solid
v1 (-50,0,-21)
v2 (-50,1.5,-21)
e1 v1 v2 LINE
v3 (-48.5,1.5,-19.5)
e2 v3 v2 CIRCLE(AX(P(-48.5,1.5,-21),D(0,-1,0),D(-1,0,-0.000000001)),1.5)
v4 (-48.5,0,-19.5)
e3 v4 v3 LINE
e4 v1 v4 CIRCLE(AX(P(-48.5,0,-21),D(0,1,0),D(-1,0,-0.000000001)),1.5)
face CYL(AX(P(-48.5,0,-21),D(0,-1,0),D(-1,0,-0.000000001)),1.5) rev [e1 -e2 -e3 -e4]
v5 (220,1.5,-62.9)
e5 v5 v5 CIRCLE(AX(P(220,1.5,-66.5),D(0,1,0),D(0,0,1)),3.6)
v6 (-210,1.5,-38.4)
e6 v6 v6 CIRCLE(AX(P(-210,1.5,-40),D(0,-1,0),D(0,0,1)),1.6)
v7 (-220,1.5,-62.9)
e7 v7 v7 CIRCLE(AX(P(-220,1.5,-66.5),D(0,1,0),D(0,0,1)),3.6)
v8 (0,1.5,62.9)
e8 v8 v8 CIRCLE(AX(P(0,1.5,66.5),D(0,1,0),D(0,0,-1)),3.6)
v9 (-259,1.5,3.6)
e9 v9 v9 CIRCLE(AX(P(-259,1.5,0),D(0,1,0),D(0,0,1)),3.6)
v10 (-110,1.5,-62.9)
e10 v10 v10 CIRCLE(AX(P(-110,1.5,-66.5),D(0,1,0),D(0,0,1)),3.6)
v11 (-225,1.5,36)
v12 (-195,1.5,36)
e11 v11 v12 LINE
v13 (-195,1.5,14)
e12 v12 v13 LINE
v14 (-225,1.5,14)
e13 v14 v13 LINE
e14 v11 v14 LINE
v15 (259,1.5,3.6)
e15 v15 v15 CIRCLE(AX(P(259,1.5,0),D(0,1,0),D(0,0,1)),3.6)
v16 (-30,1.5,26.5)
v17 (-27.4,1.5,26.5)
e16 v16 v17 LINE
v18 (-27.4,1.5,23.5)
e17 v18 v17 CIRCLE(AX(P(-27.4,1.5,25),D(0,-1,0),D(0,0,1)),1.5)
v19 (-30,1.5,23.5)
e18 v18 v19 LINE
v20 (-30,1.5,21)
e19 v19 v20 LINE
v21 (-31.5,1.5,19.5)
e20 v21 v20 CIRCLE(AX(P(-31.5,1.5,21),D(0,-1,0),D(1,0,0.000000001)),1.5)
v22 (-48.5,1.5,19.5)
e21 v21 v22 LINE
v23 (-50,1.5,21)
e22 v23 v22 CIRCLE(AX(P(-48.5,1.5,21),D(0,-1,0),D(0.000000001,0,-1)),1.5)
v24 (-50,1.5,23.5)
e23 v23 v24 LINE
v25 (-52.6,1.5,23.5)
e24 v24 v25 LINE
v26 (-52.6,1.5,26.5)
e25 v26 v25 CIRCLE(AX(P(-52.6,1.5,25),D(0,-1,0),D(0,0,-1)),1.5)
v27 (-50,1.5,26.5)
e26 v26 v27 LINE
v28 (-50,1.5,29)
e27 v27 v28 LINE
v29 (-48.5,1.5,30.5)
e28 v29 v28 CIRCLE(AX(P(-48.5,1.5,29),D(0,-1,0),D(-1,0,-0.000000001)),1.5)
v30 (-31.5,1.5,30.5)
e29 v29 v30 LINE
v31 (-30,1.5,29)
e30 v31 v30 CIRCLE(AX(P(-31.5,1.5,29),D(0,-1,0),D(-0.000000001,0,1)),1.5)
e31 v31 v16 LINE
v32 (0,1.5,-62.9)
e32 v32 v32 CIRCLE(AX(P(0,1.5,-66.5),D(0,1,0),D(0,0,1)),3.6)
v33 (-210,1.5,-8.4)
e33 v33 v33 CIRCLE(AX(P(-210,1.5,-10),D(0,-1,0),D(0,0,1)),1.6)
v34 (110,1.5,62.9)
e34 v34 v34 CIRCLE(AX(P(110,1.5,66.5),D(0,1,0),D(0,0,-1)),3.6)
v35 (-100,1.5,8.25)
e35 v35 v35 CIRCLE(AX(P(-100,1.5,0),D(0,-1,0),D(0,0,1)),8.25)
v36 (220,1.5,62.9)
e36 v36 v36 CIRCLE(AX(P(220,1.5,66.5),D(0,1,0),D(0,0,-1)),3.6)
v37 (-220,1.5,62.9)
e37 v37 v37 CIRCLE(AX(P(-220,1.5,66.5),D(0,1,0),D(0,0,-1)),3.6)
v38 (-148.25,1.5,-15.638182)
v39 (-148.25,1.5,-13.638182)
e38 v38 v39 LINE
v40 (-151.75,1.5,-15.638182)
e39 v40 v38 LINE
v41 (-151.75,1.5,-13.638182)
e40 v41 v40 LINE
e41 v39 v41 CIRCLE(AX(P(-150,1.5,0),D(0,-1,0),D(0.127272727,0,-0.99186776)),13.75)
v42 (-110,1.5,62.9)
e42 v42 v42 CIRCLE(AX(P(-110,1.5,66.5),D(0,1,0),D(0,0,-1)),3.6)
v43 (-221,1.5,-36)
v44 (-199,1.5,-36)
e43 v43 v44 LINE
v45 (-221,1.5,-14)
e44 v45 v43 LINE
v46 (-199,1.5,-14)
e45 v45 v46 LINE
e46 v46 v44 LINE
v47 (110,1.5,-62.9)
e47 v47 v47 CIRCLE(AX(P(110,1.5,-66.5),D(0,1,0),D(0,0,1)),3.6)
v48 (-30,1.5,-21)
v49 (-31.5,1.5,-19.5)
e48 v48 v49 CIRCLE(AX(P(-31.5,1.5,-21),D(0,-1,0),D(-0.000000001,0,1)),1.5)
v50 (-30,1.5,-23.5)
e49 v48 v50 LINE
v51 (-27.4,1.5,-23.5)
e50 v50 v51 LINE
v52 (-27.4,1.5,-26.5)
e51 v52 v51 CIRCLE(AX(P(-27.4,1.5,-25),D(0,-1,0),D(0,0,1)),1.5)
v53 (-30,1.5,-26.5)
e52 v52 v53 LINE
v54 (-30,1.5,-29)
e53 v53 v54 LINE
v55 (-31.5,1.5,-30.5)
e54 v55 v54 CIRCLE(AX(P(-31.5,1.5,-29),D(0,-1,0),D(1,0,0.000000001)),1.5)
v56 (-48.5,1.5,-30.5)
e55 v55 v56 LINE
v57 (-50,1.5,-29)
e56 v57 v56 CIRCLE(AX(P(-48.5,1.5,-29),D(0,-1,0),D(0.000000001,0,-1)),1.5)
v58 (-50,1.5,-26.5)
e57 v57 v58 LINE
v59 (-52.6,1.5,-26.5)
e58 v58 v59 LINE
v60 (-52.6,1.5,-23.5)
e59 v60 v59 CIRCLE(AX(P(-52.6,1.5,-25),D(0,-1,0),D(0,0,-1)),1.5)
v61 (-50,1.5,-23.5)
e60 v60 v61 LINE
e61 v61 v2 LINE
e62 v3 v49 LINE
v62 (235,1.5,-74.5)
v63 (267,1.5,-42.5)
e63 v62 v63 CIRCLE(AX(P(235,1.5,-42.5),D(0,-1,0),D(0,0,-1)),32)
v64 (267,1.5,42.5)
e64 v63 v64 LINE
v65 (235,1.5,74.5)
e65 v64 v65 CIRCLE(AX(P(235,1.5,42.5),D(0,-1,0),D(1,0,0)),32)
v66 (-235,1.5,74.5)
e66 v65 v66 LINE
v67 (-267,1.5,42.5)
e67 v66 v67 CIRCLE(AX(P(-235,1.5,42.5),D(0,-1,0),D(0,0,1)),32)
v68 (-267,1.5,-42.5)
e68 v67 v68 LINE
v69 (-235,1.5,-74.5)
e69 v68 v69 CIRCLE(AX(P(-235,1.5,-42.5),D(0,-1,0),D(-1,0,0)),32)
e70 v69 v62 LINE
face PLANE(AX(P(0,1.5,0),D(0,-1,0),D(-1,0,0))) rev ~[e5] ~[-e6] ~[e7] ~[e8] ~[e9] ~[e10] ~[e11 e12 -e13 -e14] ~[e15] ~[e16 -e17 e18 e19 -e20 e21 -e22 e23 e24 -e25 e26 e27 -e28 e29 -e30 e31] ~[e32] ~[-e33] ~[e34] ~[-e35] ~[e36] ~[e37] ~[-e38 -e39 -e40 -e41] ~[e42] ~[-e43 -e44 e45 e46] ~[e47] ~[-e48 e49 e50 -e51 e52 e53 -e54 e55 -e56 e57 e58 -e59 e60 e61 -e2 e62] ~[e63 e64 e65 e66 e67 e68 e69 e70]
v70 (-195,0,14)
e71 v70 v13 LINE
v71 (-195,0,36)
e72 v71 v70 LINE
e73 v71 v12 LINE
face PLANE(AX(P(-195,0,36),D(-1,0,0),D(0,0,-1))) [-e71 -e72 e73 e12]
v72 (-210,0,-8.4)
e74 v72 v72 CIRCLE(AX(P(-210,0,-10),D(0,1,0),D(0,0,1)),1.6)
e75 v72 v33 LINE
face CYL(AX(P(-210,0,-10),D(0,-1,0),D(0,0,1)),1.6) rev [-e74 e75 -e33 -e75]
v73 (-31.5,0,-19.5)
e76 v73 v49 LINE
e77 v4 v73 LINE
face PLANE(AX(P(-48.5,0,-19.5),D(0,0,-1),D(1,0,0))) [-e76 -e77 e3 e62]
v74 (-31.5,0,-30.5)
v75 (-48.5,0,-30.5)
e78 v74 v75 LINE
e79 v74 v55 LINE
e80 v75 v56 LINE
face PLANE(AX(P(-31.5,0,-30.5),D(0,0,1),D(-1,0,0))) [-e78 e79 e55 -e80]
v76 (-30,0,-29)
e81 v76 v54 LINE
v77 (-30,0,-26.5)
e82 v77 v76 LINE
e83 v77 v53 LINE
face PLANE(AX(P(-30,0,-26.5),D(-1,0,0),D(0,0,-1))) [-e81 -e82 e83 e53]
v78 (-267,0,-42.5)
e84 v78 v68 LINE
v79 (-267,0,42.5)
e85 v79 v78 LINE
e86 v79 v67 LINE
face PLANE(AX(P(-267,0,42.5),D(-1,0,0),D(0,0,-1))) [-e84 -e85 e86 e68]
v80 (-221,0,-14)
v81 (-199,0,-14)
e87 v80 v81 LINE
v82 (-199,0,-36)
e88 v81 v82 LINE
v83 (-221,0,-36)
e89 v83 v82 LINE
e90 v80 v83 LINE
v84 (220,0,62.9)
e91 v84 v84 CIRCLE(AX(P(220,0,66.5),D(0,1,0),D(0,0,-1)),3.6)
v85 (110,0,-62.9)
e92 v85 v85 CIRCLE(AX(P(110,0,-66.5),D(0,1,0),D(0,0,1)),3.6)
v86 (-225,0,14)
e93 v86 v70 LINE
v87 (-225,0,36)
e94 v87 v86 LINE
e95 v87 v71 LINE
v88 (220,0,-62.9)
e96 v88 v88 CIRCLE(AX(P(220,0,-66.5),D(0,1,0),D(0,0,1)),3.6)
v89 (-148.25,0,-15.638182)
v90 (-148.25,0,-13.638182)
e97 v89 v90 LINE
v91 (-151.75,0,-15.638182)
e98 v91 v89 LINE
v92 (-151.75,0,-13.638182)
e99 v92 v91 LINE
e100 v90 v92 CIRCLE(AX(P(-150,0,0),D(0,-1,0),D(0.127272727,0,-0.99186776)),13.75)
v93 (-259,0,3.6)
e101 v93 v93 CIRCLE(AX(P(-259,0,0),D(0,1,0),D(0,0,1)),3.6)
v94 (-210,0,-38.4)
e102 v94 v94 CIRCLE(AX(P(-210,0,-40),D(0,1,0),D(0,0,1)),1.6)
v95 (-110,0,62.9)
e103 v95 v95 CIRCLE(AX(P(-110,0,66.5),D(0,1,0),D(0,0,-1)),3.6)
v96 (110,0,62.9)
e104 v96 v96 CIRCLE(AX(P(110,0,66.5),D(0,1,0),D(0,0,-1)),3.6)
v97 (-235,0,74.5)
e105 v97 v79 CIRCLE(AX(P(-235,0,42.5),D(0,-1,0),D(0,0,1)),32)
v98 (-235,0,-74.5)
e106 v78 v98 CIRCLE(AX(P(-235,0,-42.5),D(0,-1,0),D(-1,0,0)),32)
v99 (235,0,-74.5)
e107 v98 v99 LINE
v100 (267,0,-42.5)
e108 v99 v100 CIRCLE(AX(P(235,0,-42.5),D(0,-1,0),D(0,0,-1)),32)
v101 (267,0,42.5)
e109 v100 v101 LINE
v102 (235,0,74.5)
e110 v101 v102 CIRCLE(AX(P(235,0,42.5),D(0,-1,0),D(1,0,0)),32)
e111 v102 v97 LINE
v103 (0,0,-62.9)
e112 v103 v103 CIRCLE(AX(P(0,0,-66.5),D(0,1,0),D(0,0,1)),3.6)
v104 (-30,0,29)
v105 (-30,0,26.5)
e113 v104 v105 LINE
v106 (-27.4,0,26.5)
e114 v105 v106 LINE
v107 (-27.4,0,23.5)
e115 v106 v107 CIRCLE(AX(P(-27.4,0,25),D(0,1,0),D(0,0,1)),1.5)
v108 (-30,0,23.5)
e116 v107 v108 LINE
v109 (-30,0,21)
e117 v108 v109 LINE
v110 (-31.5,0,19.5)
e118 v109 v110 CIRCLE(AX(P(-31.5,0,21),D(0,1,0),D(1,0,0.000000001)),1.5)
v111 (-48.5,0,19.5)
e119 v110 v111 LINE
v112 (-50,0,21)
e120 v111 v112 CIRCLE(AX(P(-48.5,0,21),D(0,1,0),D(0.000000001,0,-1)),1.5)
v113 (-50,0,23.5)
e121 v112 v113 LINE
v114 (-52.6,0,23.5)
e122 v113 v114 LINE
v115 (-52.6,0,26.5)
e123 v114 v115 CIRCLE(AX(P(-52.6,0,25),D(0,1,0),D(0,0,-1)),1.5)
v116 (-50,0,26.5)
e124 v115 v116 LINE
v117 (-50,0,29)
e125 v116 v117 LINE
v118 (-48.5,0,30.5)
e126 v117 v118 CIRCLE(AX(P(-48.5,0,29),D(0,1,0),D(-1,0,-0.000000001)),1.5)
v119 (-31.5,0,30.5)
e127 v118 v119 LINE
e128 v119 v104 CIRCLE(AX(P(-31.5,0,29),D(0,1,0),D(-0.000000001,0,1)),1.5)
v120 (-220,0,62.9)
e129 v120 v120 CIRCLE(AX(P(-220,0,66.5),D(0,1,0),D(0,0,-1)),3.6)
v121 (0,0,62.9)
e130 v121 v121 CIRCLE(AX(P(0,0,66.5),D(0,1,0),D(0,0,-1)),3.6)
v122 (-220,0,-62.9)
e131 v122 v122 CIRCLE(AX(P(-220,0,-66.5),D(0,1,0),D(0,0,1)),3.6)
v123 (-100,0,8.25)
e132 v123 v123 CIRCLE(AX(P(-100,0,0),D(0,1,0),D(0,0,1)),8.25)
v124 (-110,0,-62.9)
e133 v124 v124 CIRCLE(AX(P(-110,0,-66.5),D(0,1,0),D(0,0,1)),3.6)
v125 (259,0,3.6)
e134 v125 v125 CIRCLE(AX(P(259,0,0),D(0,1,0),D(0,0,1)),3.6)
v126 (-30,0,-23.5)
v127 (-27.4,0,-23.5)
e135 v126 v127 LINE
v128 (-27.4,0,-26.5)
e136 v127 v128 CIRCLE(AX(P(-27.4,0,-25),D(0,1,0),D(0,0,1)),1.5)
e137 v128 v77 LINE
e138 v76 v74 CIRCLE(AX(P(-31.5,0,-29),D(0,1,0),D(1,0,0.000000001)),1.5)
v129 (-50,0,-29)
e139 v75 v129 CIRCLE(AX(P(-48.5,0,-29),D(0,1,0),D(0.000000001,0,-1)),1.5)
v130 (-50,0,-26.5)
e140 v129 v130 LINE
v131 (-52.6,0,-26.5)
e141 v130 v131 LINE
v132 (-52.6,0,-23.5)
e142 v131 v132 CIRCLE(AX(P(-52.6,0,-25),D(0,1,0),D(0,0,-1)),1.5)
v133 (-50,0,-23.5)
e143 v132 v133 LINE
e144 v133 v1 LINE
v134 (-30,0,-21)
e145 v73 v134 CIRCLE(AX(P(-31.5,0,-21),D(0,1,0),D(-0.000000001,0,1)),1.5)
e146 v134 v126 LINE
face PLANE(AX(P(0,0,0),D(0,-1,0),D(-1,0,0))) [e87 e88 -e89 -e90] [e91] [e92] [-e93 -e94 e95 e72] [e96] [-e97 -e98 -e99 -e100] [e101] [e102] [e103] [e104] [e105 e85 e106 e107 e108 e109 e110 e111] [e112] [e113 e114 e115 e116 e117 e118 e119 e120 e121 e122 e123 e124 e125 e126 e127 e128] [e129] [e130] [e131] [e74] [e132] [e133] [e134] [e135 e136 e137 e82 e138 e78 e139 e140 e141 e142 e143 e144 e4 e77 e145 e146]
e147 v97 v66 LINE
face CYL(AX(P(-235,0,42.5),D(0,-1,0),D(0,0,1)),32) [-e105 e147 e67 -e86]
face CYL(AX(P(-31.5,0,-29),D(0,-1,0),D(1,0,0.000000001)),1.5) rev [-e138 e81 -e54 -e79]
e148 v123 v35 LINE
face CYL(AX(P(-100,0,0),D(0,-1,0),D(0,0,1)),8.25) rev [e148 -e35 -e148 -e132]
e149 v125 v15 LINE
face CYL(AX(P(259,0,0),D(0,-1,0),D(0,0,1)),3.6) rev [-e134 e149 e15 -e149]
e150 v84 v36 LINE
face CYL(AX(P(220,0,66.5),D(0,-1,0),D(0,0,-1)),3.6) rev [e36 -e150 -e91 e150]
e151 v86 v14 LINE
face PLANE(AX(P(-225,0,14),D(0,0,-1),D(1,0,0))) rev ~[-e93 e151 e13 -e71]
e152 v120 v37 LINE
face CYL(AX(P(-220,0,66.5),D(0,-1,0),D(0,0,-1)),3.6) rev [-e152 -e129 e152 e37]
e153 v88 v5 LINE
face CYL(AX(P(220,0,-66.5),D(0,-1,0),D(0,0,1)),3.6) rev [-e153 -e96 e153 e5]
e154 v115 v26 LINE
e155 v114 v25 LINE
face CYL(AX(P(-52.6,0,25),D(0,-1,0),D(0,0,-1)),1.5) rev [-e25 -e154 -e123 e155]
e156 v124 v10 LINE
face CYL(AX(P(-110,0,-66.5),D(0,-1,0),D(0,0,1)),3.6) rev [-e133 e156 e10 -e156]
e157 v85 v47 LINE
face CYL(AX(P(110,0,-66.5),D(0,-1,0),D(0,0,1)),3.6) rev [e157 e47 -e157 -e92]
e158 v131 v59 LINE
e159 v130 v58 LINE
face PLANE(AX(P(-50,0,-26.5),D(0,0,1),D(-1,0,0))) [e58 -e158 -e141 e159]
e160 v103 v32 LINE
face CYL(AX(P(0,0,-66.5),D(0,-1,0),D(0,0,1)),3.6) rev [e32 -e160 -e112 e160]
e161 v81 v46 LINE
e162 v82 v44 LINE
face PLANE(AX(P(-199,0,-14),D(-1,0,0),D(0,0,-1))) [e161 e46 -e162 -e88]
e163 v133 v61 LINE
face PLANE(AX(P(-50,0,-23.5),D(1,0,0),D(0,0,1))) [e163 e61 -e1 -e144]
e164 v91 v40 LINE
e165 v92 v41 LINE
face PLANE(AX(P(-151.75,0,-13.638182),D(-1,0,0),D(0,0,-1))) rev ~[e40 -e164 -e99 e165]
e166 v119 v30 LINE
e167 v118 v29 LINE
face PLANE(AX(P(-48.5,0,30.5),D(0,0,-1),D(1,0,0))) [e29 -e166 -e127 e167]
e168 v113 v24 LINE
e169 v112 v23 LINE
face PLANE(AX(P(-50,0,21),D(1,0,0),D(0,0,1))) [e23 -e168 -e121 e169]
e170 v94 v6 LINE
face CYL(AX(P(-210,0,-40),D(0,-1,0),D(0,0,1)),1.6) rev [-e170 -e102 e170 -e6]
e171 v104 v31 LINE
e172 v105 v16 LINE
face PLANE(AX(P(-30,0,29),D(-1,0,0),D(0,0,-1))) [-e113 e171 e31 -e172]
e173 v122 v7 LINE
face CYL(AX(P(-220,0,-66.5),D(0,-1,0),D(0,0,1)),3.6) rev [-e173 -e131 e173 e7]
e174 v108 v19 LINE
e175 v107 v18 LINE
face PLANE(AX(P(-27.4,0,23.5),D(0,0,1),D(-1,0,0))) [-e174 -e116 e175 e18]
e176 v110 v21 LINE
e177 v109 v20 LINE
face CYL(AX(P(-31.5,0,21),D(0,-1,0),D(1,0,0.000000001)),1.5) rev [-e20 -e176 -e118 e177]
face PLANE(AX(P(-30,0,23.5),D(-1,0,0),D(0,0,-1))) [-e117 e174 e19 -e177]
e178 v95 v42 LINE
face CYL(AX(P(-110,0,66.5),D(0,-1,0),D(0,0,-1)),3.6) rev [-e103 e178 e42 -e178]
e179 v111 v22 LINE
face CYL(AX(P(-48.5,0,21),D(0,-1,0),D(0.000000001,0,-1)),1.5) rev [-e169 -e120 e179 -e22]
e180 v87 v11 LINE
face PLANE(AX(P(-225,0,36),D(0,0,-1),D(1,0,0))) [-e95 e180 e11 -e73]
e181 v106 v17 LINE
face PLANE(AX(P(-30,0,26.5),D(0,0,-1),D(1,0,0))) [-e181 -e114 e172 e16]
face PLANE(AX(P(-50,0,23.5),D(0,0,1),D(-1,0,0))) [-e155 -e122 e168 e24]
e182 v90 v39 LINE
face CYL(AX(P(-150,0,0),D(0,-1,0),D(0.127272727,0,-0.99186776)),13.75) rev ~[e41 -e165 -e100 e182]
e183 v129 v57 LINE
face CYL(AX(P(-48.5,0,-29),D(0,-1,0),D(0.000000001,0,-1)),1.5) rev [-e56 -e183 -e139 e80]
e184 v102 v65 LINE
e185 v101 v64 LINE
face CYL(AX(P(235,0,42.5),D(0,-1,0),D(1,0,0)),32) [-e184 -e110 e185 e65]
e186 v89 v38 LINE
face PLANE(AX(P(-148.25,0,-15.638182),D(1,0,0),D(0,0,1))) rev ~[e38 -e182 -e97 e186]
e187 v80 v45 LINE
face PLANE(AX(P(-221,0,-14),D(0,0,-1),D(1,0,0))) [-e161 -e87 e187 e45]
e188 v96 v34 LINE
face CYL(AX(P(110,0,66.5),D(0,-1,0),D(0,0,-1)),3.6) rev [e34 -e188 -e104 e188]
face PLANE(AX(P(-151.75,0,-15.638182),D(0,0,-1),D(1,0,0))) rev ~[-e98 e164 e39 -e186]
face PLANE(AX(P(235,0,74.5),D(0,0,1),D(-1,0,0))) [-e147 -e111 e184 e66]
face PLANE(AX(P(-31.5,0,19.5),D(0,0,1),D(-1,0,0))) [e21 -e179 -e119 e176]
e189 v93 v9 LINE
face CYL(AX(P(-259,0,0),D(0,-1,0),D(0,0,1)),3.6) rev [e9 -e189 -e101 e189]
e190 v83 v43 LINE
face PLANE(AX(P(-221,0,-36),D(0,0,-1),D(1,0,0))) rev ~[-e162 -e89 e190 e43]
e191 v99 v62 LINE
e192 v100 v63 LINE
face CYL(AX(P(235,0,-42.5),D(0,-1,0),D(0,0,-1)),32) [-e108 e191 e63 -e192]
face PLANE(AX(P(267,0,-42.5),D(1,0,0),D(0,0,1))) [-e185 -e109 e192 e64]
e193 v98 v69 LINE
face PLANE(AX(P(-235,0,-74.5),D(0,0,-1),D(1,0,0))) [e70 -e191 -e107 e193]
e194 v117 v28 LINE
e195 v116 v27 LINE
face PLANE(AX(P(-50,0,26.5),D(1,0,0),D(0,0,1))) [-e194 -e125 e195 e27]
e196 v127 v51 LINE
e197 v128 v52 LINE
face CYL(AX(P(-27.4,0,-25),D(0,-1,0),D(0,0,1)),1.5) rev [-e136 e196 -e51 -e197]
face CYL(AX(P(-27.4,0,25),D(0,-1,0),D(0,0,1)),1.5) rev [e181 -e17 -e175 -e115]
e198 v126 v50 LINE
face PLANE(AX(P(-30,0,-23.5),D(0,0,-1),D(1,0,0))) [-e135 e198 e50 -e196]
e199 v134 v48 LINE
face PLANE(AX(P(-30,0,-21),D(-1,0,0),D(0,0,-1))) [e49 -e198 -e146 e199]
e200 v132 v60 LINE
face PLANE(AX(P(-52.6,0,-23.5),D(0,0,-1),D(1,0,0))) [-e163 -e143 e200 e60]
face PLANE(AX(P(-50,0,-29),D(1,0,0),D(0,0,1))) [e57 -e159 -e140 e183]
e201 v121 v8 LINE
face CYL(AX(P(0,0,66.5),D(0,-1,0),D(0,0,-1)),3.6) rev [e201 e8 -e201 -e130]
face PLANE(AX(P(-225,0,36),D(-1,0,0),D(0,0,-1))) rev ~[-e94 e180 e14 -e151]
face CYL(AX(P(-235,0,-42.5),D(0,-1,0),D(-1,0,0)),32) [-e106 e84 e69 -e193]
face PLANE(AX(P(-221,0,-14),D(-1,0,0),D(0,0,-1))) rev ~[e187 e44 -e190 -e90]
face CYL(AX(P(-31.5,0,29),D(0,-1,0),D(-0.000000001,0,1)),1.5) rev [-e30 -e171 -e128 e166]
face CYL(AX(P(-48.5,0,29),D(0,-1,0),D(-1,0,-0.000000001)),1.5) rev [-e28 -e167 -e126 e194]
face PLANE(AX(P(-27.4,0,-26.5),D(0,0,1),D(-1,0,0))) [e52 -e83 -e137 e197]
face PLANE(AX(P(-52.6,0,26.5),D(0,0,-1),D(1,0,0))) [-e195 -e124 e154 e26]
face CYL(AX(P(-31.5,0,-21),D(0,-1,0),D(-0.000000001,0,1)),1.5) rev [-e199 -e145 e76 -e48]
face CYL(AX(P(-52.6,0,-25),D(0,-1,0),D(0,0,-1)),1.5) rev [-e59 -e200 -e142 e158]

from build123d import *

# Parameters (mm, degrees)
SKETCH1_R           = 3.6
BOSS_EXTRUDE1_DEPTH = 1.5
SKETCH2_R           = 1.6
SKETCH2_R_2         = 8.25
SKETCH2_W           = 22
SKETCH2_H           = 22
SKETCH2_W_2         = 30
CUT_EXTRUDE1_DEPTH  = 278.202994212


with BuildPart() as part:
    # Sketch1 → Boss-Extrude1 (new body)
    with BuildSketch(Plane(origin=(0, 0, 0), x_dir=(1, 0, 0), z_dir=(0, 1, 0))):
        with BuildLine():
            Line((235, -74.5), (-235, -74.5))
            ThreePointArc((-235, -74.5), (-257.627416998, -65.127416998), (-267, -42.5))
            Line((-267, -42.5), (-267, 42.5))
            ThreePointArc((-267, 42.5), (-257.627416998, 65.127416998), (-235, 74.5))
            Line((-235, 74.5), (235, 74.5))
            ThreePointArc((235, 74.5), (257.627416998, 65.127416998), (267, 42.5))
            Line((267, 42.5), (267, -42.5))
            ThreePointArc((267, -42.5), (257.627416998, -65.127416998), (235, -74.5))
        make_face()
        with Locations(Location((-259, 0, 0), (0, 0, 270))):
            Circle(SKETCH1_R, mode=Mode.SUBTRACT)
        with Locations(Location((259, 0, 0), (0, 0, 270))):
            Circle(SKETCH1_R, mode=Mode.SUBTRACT)
        with Locations(Location((-220, 66.5, 0), (0, 0, 270))):
            Circle(SKETCH1_R, mode=Mode.SUBTRACT)
        with Locations(Location((-110, 66.5, 0), (0, 0, 270))):
            Circle(SKETCH1_R, mode=Mode.SUBTRACT)
        with Locations(Location((0, 66.5, 0), (0, 0, 270))):
            Circle(SKETCH1_R, mode=Mode.SUBTRACT)
        with Locations(Location((110, 66.5, 0), (0, 0, 270))):
            Circle(SKETCH1_R, mode=Mode.SUBTRACT)
        with Locations(Location((220, 66.5, 0), (0, 0, 270))):
            Circle(SKETCH1_R, mode=Mode.SUBTRACT)
        with Locations(Location((220, -66.5, 0), (0, 0, 90))):
            Circle(SKETCH1_R, mode=Mode.SUBTRACT)
        with Locations(Location((110, -66.5, 0), (0, 0, 90))):
            Circle(SKETCH1_R, mode=Mode.SUBTRACT)
        with Locations(Location((0, -66.5, 0), (0, 0, 90))):
            Circle(SKETCH1_R, mode=Mode.SUBTRACT)
        with Locations(Location((-110, -66.5, 0), (0, 0, 90))):
            Circle(SKETCH1_R, mode=Mode.SUBTRACT)
        with Locations(Location((-220, -66.5, 0), (0, 0, 90))):
            Circle(SKETCH1_R, mode=Mode.SUBTRACT)
    extrude(amount=BOSS_EXTRUDE1_DEPTH)

    # Sketch2 → Cut-Extrude1 (cut, through all)
    with BuildSketch(Plane(origin=(0, 0, 0), x_dir=(1, 0, 0), z_dir=(0, 1, 0))):
        with Locations(Location((-210, 10, 0), (0, 0, 270))):
            Circle(SKETCH2_R)
        with Locations(Location((-210, 40, 0), (0, 0, 270))):
            Circle(SKETCH2_R)
        with Locations(Location((-100, 0, 0), (0, 0, 270))):
            Circle(SKETCH2_R_2)
        with Locations((-210, 25)):
            Rectangle(SKETCH2_W, SKETCH2_H)
        with BuildLine():
            Line((-151.75, 15.638181697), (-148.25, 15.638181697))
            Line((-148.25, 15.638181697), (-148.25, 13.638181697))
            ThreePointArc((-148.25, 13.638181697), (-150, -13.75), (-151.75, 13.638181697))
            Line((-151.75, 13.638181697), (-151.75, 15.638181697))
        make_face()
        with Locations((-210, -25)):
            Rectangle(SKETCH2_W_2, SKETCH2_H)
        with BuildLine():
            Line((-31.5, 30.5), (-48.5, 30.5))
            ThreePointArc((-48.5, 30.5), (-49.560660172, 30.060660172), (-50, 29))
            Line((-50, 29), (-50, 26.5))
            Line((-50, 26.5), (-52.6, 26.5))
            ThreePointArc((-52.6, 26.5), (-54.1, 25), (-52.6, 23.5))
            Line((-52.6, 23.5), (-50, 23.5))
            Line((-50, 23.5), (-50, 21))
            ThreePointArc((-50, 21), (-49.560660172, 19.939339828), (-48.5, 19.5))
            Line((-48.5, 19.5), (-31.5, 19.5))
            ThreePointArc((-31.5, 19.5), (-30.439339828, 19.939339828), (-30, 21))
            Line((-30, 21), (-30, 23.5))
            Line((-30, 23.5), (-27.4, 23.5))
            ThreePointArc((-27.4, 23.5), (-25.9, 25), (-27.4, 26.5))
            Line((-27.4, 26.5), (-30, 26.5))
            Line((-30, 26.5), (-30, 29))
            ThreePointArc((-30, 29), (-30.439339828, 30.060660172), (-31.5, 30.5))
        make_face()
        with BuildLine():
            Line((-31.5, -19.5), (-48.5, -19.5))
            ThreePointArc((-48.5, -19.5), (-49.560660172, -19.939339828), (-50, -21))
            Line((-50, -21), (-50, -23.5))
            Line((-50, -23.5), (-52.6, -23.5))
            ThreePointArc((-52.6, -23.5), (-54.1, -25), (-52.6, -26.5))
            Line((-52.6, -26.5), (-50, -26.5))
            Line((-50, -26.5), (-50, -29))
            ThreePointArc((-50, -29), (-49.560660172, -30.060660172), (-48.5, -30.5))
            Line((-48.5, -30.5), (-31.5, -30.5))
            ThreePointArc((-31.5, -30.5), (-30.439339828, -30.060660172), (-30, -29))
            Line((-30, -29), (-30, -26.5))
            Line((-30, -26.5), (-27.4, -26.5))
            ThreePointArc((-27.4, -26.5), (-25.9, -25), (-27.4, -23.5))
            Line((-27.4, -23.5), (-30, -23.5))
            Line((-30, -23.5), (-30, -21))
            ThreePointArc((-30, -21), (-30.439339828, -19.939339828), (-31.5, -19.5))
        make_face()
    extrude(amount=CUT_EXTRUDE1_DEPTH, mode=Mode.SUBTRACT)


solid = part.part
